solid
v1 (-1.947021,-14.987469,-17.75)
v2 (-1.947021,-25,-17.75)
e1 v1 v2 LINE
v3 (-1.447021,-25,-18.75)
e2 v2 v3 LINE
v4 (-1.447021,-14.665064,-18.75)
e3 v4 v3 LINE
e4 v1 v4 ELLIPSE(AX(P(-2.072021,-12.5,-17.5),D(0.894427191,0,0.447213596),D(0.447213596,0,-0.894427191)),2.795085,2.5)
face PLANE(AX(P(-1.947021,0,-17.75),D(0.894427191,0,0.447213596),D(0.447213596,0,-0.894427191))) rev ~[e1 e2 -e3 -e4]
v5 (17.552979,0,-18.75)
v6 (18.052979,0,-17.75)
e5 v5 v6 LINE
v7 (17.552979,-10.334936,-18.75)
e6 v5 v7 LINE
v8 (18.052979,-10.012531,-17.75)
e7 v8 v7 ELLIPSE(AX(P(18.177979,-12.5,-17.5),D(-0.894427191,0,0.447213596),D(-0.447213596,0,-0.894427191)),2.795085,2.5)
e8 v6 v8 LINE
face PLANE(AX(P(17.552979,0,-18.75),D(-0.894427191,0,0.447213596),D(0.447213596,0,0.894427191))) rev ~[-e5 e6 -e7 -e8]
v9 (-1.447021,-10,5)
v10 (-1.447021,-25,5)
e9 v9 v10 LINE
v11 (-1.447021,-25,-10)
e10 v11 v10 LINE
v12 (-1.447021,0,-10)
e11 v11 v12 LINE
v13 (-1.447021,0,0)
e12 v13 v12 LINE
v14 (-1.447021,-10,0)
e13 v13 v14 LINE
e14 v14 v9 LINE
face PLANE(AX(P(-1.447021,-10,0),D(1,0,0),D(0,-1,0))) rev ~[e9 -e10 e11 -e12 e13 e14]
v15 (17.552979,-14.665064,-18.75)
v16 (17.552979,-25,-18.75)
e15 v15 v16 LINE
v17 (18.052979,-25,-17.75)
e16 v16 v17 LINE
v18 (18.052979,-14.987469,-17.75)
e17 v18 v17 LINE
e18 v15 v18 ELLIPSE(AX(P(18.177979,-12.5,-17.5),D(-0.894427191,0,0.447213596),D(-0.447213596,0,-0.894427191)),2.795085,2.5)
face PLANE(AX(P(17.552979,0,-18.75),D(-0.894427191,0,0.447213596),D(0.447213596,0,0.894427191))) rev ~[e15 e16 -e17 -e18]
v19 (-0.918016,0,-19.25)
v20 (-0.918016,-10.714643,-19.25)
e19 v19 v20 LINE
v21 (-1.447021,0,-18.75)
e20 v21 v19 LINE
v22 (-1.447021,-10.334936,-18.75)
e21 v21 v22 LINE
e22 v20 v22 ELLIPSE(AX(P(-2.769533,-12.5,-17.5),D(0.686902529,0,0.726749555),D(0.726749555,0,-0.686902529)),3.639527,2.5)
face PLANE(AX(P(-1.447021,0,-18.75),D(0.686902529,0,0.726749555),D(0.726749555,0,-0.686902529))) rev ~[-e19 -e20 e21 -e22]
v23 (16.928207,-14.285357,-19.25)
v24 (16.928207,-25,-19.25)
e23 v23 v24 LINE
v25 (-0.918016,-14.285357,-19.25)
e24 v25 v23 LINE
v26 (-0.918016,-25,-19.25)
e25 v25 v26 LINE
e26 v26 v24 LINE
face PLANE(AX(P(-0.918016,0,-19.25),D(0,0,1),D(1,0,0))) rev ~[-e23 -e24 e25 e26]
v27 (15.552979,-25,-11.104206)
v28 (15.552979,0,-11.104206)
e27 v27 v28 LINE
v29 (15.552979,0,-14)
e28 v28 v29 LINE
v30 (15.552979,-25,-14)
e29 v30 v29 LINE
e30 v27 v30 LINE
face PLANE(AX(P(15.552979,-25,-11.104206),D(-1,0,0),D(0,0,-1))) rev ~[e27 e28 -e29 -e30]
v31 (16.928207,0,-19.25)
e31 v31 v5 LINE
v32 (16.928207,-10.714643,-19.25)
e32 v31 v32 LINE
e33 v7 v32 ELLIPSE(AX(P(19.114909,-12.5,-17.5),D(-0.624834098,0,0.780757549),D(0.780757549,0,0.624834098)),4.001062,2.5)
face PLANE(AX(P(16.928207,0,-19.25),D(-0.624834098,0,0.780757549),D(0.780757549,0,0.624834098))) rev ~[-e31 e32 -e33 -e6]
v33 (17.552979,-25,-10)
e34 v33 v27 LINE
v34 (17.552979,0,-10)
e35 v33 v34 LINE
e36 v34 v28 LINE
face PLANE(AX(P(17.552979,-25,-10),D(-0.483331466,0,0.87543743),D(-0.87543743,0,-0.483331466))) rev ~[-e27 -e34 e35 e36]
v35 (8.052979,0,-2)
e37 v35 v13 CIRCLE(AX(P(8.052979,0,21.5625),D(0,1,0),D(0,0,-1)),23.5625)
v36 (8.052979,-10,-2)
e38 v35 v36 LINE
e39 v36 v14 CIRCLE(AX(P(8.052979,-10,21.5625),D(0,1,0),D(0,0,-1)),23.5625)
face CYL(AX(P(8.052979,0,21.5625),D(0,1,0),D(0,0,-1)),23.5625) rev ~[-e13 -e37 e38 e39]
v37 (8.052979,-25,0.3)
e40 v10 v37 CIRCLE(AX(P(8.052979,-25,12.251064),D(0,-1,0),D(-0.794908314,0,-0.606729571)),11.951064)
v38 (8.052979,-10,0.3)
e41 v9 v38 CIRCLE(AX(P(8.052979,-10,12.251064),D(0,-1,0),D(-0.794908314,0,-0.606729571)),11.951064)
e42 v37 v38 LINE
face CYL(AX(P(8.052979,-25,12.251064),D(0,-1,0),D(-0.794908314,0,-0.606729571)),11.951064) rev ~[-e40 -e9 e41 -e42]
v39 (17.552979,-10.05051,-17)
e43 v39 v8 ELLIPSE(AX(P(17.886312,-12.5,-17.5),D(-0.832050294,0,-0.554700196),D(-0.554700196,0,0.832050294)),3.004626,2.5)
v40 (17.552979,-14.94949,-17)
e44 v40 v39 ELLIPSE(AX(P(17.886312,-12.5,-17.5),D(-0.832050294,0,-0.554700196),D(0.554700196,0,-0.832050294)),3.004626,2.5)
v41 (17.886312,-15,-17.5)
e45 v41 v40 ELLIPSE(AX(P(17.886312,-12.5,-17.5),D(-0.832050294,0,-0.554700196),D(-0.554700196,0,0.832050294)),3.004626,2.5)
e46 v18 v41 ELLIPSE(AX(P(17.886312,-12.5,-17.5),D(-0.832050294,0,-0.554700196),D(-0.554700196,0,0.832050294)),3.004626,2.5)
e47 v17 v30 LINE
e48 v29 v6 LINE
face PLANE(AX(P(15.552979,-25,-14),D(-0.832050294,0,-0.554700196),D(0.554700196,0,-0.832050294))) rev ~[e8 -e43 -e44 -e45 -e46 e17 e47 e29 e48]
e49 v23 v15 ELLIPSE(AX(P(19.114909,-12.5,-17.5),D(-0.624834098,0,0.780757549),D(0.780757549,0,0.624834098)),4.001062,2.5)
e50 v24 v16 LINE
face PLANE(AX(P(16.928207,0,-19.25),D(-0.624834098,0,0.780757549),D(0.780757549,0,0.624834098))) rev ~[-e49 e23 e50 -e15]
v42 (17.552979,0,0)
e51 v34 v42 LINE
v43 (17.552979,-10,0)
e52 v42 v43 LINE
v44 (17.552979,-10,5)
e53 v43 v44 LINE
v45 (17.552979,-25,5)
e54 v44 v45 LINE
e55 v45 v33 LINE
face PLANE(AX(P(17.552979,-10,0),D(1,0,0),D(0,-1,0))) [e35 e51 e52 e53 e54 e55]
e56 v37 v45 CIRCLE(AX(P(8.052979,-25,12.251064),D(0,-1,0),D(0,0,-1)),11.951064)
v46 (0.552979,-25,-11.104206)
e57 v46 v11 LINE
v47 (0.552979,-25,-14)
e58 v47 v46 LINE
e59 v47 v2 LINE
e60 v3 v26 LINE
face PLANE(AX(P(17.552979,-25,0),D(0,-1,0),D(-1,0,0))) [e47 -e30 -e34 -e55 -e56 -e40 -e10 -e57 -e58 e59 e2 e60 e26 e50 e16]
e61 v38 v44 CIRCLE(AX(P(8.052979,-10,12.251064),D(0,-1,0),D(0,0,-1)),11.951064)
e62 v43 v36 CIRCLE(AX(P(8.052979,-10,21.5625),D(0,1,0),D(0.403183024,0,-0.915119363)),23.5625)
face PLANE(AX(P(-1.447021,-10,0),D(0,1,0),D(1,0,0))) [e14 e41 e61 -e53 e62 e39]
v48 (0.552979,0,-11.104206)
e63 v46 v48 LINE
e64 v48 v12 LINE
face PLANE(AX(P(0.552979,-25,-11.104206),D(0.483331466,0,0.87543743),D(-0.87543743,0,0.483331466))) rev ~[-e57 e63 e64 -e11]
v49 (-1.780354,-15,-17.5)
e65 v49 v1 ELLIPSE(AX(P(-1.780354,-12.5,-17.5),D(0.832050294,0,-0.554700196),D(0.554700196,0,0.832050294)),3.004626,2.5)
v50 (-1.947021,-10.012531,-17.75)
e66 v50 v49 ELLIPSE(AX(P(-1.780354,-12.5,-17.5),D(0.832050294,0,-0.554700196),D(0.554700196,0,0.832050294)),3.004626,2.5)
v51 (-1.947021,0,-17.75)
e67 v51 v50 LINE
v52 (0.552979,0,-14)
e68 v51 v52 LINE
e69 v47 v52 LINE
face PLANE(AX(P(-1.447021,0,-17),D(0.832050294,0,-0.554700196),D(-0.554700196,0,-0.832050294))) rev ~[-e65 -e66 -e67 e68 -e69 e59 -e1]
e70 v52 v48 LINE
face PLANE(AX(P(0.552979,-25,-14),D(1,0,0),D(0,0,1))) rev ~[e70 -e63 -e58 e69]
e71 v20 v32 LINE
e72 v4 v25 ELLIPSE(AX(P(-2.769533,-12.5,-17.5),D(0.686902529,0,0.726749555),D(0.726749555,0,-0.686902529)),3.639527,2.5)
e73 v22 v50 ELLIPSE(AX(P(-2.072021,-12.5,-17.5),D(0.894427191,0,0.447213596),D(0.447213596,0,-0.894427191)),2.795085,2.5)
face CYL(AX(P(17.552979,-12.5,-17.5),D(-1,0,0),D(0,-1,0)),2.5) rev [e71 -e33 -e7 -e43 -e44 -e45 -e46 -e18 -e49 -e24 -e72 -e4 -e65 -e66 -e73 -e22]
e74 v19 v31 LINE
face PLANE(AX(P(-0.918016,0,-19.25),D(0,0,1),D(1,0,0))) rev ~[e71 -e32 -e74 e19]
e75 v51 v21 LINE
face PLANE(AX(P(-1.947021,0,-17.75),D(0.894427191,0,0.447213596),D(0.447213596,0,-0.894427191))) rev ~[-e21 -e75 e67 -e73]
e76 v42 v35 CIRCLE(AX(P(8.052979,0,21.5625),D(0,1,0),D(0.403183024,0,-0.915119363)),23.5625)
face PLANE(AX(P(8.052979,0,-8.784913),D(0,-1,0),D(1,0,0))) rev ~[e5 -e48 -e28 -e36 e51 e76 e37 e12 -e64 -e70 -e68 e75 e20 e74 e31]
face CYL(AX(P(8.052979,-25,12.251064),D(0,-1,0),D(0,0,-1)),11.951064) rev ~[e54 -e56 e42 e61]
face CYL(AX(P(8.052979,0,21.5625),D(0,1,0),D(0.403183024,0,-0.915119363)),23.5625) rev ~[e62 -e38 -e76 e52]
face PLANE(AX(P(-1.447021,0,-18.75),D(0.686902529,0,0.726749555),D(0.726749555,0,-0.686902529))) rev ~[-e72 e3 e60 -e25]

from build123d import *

# Parameters (mm, degrees)
F1_DEPTH       = 25
F3_DEPTH       = 25
F5_DEPTH       = 10
F6_DEPTH       = 5
F8_DEPTH       = 25
F10_DEPTH      = 25
F10_DEPTH_BACK = 25


with BuildPart() as f1:
    # F0 (on Front) → F1 (new body)
    with BuildSketch(Plane.XZ):
        with BuildLine():
            ThreePointArc((8.0529790092, -2), (3.1988570495, -1.4945793088), (-1.4470209908, 0))
            Line((-1.4470209908, 0), (-1.4470209908, -17))
            Line((-1.4470209908, -17), (17.5529790092, -17))
            Line((17.5529790092, -17), (17.5529790092, 0))
            ThreePointArc((17.5529790092, 0), (12.907100969, -1.4945793088), (8.0529790092, -2))
        make_face()
        Polygon((17.5529790092, -17), (-1.4470209908, -17), (-1.9470209908, -17.75), (18.0529790092, -17.75), align=None)
        Polygon((18.0529790092, -17.75), (-1.9470209908, -17.75), (-1.4470209908, -18.75), (17.5529790092, -18.75), align=None)
        Polygon((17.5529790092, -18.75), (-1.4470209908, -18.75), (-0.9180161287, -19.25), (16.9282071292, -19.25), align=None)
        with BuildLine():
            Line((8.0529790092, 0), (-1.4470209908, 0))
            ThreePointArc((-1.4470209908, 0), (3.1988570495, -1.4945793088), (8.0529790092, -2))
            Line((8.0529790092, -2), (8.0529790092, 0))
        make_face()
        with BuildLine():
            Line((17.5529790092, 0), (8.0529790092, 0))
            Line((8.0529790092, 0), (8.0529790092, -2))
            ThreePointArc((8.0529790092, -2), (12.907100969, -1.4945793088), (17.5529790092, 0))
        make_face()
    extrude(amount=F1_DEPTH)

    # F2 (on face) → F3 (cut)
    with BuildSketch(Plane.XZ.offset(25)):
        Polygon((-1.4470209908, -14), (-1.4470209908, -17), (0.5529790092, -14), (0.5529790092, -11.1042056233), (-1.4470209908, -11.1042056233), align=None)
        Polygon((-1.4470209908, -10), (-1.4470209908, -11.1042056233), (0.5529790092, -11.1042056233), align=None)
        Polygon((17.5529790092, -10), (15.5529790092, -11.1042056233), (15.5529790092, -14), (17.5529790092, -17), align=None)
    extrude(amount=-F3_DEPTH, mode=Mode.SUBTRACT)

    # F4 (on face) → F5 (cut)
    with BuildSketch(Plane(origin=(0, 0, 0), x_dir=(-1, 0, 0), z_dir=(0, 1, 0))):
        with BuildLine():
            Line((-8.0529790092, -2), (-8.0529790092, 0))
            Line((-8.0529790092, 0), (-17.5529790092, 0))
            ThreePointArc((-17.5529790092, 0), (-12.907100969, -1.4945793088), (-8.0529790092, -2))
        make_face()
        with BuildLine():
            Line((1.4470209908, 0), (-8.0529790092, 0))
            Line((-8.0529790092, 0), (-8.0529790092, -2))
            ThreePointArc((-8.0529790092, -2), (-3.1988570495, -1.4945793088), (1.4470209908, 0))
        make_face()
    extrude(amount=-F5_DEPTH, mode=Mode.SUBTRACT)

    # F6 (add): a face of the model
    f6_faces = [f1.faces().sort_by_distance(p)[0] for p in [
        (8.0529790092, -17.5, 0),
    ]]
    extrude(f6_faces, amount=F6_DEPTH)

    # F7 (on face) → F8 (cut)
    with BuildSketch(Plane.XZ.offset(25)):
        with BuildLine():
            Line((17.5529790092, 5), (-1.4470209908, 5))
            ThreePointArc((-1.4470209908, 5), (2.7534507283, 1.5392513471), (8.0529790092, 0.3))
            ThreePointArc((8.0529790092, 0.3), (13.3525072901, 1.5392513471), (17.5529790092, 5))
        make_face()
    extrude(amount=-F8_DEPTH, mode=Mode.SUBTRACT)

    # F9 (on face) → F10 (cut, two sides)
    with BuildSketch(Plane.YZ.offset(17.5529790092)) as f10_sk:
        with BuildLine():
            Line((-15, -17.5), (-10, -17.5))
            ThreePointArc((-10, -17.5), (-12.5, -15), (-15, -17.5))
        make_face()
        with BuildLine():
            ThreePointArc((-15, -17.5), (-12.5, -20), (-10, -17.5))
            Line((-10, -17.5), (-15, -17.5))
        make_face()
    extrude(amount=-F10_DEPTH, mode=Mode.SUBTRACT)
    extrude(f10_sk.sketch, amount=F10_DEPTH_BACK, mode=Mode.SUBTRACT)


solid = f1.part
